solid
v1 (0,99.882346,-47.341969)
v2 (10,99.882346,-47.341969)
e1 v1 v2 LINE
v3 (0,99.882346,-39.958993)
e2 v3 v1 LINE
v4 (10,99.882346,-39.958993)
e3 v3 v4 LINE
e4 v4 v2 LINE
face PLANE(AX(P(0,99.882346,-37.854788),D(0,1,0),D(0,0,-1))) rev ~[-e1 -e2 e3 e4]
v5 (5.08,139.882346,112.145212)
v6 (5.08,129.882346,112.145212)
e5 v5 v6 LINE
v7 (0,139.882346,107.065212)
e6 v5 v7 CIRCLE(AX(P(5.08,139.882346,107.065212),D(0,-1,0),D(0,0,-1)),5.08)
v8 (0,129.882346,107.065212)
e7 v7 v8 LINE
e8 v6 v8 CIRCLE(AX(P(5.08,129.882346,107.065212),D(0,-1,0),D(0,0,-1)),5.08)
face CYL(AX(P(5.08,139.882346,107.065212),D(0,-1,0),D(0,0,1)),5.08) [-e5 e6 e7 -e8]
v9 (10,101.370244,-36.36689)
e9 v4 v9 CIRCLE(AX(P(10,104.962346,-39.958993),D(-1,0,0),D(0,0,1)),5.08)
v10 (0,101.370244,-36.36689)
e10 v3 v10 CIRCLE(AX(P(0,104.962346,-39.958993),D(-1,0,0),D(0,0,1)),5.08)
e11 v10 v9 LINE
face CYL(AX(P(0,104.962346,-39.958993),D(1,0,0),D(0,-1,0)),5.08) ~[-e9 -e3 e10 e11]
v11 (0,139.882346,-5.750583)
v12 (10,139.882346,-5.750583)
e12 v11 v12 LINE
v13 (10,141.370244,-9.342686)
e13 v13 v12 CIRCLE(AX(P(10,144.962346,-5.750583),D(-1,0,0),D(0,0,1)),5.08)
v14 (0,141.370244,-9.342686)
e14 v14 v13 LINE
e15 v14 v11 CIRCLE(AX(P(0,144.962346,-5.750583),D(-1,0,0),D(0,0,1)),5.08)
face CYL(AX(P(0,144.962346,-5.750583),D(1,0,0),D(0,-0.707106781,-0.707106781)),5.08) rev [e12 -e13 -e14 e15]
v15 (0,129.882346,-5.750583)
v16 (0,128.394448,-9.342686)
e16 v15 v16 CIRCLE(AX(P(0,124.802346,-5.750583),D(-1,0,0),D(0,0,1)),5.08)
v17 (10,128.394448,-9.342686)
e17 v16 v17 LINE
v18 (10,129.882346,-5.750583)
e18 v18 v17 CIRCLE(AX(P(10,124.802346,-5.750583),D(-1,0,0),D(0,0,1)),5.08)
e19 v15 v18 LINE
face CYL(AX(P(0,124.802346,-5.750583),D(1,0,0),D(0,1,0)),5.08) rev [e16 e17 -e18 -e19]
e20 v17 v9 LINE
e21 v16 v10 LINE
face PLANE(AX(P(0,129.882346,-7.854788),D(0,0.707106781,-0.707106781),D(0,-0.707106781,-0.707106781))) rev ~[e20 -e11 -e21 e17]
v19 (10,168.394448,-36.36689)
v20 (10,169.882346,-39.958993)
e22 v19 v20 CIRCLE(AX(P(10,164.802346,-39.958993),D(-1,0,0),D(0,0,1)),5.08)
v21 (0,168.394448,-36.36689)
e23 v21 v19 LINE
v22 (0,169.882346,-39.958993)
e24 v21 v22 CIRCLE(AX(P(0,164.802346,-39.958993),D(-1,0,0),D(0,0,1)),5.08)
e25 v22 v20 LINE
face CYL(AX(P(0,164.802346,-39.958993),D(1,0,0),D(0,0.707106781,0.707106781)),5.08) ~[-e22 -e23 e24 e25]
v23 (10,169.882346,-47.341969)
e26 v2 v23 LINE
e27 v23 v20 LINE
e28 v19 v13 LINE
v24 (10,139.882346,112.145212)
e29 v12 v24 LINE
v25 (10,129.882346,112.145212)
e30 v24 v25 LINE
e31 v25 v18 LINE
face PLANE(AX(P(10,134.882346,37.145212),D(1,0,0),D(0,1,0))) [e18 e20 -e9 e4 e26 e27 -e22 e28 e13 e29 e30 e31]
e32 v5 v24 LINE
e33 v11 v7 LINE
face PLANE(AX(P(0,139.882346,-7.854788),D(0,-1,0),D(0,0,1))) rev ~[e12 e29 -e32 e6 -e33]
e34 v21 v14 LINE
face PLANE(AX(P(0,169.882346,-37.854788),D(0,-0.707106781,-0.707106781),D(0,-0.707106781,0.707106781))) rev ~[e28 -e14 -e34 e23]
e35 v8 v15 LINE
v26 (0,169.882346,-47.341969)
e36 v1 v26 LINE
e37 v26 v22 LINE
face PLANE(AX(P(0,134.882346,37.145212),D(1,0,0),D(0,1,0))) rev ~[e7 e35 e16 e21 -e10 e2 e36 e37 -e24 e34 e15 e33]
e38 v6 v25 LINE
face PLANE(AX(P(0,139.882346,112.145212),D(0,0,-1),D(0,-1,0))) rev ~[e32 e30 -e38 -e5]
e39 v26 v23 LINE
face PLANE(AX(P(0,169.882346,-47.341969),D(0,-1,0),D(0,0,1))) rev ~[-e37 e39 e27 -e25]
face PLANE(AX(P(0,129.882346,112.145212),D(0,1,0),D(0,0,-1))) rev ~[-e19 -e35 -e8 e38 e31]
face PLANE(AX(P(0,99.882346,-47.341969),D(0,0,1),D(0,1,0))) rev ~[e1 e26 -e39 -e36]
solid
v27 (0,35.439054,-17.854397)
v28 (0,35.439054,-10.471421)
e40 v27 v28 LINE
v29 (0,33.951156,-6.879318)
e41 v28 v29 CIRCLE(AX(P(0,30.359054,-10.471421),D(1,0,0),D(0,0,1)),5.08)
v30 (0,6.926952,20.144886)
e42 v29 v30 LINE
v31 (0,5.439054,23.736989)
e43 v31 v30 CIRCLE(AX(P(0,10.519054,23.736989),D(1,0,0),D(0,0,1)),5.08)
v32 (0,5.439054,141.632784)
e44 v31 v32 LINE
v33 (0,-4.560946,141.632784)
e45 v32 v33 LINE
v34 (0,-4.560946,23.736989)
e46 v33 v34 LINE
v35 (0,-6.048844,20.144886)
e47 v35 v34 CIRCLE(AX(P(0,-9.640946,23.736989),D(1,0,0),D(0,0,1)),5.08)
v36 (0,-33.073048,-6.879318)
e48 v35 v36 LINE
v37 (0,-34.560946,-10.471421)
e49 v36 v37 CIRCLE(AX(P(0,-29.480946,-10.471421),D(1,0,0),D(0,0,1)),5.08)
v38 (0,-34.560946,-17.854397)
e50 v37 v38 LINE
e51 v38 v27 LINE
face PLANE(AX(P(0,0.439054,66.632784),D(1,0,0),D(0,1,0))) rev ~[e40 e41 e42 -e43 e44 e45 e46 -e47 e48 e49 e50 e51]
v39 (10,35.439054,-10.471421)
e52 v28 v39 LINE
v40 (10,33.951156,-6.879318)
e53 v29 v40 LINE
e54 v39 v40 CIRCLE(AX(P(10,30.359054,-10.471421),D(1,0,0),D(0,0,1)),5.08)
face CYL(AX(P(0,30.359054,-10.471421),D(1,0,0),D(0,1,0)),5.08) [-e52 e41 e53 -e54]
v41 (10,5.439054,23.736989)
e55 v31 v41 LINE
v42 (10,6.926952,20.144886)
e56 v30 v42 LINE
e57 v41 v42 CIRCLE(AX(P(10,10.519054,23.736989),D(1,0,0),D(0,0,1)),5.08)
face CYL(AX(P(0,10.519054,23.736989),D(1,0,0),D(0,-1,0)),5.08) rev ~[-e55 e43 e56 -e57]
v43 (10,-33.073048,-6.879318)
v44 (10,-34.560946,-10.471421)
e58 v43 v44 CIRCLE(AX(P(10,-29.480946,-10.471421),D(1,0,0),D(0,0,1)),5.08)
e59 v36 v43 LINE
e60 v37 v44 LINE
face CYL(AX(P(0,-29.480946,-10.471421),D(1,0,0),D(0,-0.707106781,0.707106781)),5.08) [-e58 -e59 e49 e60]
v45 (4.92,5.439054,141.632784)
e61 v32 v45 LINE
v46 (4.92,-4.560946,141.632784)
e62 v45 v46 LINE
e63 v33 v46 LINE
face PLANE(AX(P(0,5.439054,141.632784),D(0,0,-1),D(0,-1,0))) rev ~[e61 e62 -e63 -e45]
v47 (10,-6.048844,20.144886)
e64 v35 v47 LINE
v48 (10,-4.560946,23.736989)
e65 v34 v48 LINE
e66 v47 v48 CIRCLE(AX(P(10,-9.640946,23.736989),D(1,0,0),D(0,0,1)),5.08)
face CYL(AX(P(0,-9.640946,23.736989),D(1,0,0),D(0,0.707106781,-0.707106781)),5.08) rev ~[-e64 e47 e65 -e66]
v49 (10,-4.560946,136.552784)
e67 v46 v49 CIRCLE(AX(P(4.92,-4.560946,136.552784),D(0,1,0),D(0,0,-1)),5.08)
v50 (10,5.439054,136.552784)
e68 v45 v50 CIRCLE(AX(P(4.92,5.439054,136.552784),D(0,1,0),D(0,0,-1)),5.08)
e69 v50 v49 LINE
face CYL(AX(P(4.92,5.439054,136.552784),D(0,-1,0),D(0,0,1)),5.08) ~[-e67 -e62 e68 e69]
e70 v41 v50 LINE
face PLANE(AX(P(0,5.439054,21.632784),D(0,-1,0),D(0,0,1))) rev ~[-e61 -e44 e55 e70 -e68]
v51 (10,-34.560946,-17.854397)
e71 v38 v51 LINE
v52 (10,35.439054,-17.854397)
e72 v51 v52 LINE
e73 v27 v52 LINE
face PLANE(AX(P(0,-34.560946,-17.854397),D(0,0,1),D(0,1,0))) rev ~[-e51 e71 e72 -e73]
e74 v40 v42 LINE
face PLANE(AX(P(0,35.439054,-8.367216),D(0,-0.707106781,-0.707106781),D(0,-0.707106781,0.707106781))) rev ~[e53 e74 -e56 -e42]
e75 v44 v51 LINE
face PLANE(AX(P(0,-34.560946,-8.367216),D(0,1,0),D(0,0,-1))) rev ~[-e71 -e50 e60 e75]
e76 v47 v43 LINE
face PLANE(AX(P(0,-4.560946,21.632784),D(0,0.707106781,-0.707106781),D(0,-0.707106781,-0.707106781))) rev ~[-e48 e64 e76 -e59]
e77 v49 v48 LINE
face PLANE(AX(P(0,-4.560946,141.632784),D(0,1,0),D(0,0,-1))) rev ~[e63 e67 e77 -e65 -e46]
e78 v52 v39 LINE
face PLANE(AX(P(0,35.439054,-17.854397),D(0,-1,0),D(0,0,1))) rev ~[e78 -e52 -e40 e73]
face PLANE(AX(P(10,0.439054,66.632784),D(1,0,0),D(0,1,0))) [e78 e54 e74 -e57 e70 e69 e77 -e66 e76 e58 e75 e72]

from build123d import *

# Parameters (mm, degrees)
F1_DEPTH = 10
F2_DEPTH = 10
F3_R     = 5.08
F4_R     = 5.08
F5_R     = 5.08
F6_R     = 5.08
F7_R     = 5.08
F8_R     = 5.08
F9_R     = 5.08
F10_R    = 5.08
F11_R    = 5.08
F12_R    = 5.08


with BuildPart() as f1:
    # F0 (on Right) → F1 (new body)
    with BuildSketch(Plane.YZ):
        Polygon((5.439054, 141.632784), (-4.560946, 141.632784), (-4.560946, 21.632784), (-4.560946, -8.367216), (5.439054, -8.367216), (5.439054, 21.632784), align=None)
        Polygon((-4.560946, -8.367216), (-4.560946, 21.632784), (-34.560946, -8.367216), align=None)
        Polygon((35.439054, -8.367216), (5.439054, 21.632784), (5.439054, -8.367216), align=None)
        Polygon((5.439054, -8.367216), (-4.560946, -8.367216), (-34.560946, -8.367216), (-34.560946, -17.854397), (35.439054, -17.854397), (35.439054, -8.367216), align=None)
    extrude(amount=F1_DEPTH)

    # F3
    f3_edges = [f1.edges().sort_by_distance(p)[0] for p in [
        (10, 0.439054, 141.632784),
    ]]
    fillet(f3_edges, radius=F3_R)

    # F7
    f7_edges = [f1.edges().sort_by_distance(p)[0] for p in [
        (5, -34.560946, -8.367216),
    ]]
    fillet(f7_edges, radius=F7_R)

    # F8
    f8_edges = [f1.edges().sort_by_distance(p)[0] for p in [
        (5, 35.439054, -8.367216),
    ]]
    fillet(f8_edges, radius=F8_R)

    # F11
    f11_edges = [f1.edges().sort_by_distance(p)[0] for p in [
        (5, -4.560946, 21.632784),
    ]]
    fillet(f11_edges, radius=F11_R)

    # F12
    f12_edges = [f1.edges().sort_by_distance(p)[0] for p in [
        (5, 5.439054, 21.632784),
    ]]
    fillet(f12_edges, radius=F12_R)


with BuildPart() as f2:
    # F0 (on Right) → F2 (new body)
    with BuildSketch(Plane.YZ):
        Polygon((139.882346, 112.145212), (129.882346, 112.145212), (129.882346, -7.854788), (129.882346, -37.854788), (139.882346, -37.854788), (139.882346, -7.854788), align=None)
        Polygon((129.882346, -37.854788), (129.882346, -7.854788), (99.882346, -37.854788), align=None)
        Polygon((169.882346, -37.854788), (139.882346, -7.854788), (139.882346, -37.854788), align=None)
        Polygon((139.882346, -37.854788), (129.882346, -37.854788), (99.882346, -37.854788), (99.882346, -47.341969), (169.882346, -47.341969), (169.882346, -37.854788), align=None)
    extrude(amount=F2_DEPTH)

    # F4
    f4_edges = [f2.edges().sort_by_distance(p)[0] for p in [
        (0, 134.882346, 112.145212),
    ]]
    fillet(f4_edges, radius=F4_R)

    # F5
    f5_edges = [f2.edges().sort_by_distance(p)[0] for p in [
        (5, 169.882346, -37.854788),
    ]]
    fillet(f5_edges, radius=F5_R)

    # F6
    f6_edges = [f2.edges().sort_by_distance(p)[0] for p in [
        (5, 99.882346, -37.854788),
    ]]
    fillet(f6_edges, radius=F6_R)

    # F9
    f9_edges = [f2.edges().sort_by_distance(p)[0] for p in [
        (5, 139.882346, -7.854788),
    ]]
    fillet(f9_edges, radius=F9_R)

    # F10
    f10_edges = [f2.edges().sort_by_distance(p)[0] for p in [
        (5, 129.882346, -7.854788),
    ]]
    fillet(f10_edges, radius=F10_R)


solid = Compound([f1.part, f2.part])
